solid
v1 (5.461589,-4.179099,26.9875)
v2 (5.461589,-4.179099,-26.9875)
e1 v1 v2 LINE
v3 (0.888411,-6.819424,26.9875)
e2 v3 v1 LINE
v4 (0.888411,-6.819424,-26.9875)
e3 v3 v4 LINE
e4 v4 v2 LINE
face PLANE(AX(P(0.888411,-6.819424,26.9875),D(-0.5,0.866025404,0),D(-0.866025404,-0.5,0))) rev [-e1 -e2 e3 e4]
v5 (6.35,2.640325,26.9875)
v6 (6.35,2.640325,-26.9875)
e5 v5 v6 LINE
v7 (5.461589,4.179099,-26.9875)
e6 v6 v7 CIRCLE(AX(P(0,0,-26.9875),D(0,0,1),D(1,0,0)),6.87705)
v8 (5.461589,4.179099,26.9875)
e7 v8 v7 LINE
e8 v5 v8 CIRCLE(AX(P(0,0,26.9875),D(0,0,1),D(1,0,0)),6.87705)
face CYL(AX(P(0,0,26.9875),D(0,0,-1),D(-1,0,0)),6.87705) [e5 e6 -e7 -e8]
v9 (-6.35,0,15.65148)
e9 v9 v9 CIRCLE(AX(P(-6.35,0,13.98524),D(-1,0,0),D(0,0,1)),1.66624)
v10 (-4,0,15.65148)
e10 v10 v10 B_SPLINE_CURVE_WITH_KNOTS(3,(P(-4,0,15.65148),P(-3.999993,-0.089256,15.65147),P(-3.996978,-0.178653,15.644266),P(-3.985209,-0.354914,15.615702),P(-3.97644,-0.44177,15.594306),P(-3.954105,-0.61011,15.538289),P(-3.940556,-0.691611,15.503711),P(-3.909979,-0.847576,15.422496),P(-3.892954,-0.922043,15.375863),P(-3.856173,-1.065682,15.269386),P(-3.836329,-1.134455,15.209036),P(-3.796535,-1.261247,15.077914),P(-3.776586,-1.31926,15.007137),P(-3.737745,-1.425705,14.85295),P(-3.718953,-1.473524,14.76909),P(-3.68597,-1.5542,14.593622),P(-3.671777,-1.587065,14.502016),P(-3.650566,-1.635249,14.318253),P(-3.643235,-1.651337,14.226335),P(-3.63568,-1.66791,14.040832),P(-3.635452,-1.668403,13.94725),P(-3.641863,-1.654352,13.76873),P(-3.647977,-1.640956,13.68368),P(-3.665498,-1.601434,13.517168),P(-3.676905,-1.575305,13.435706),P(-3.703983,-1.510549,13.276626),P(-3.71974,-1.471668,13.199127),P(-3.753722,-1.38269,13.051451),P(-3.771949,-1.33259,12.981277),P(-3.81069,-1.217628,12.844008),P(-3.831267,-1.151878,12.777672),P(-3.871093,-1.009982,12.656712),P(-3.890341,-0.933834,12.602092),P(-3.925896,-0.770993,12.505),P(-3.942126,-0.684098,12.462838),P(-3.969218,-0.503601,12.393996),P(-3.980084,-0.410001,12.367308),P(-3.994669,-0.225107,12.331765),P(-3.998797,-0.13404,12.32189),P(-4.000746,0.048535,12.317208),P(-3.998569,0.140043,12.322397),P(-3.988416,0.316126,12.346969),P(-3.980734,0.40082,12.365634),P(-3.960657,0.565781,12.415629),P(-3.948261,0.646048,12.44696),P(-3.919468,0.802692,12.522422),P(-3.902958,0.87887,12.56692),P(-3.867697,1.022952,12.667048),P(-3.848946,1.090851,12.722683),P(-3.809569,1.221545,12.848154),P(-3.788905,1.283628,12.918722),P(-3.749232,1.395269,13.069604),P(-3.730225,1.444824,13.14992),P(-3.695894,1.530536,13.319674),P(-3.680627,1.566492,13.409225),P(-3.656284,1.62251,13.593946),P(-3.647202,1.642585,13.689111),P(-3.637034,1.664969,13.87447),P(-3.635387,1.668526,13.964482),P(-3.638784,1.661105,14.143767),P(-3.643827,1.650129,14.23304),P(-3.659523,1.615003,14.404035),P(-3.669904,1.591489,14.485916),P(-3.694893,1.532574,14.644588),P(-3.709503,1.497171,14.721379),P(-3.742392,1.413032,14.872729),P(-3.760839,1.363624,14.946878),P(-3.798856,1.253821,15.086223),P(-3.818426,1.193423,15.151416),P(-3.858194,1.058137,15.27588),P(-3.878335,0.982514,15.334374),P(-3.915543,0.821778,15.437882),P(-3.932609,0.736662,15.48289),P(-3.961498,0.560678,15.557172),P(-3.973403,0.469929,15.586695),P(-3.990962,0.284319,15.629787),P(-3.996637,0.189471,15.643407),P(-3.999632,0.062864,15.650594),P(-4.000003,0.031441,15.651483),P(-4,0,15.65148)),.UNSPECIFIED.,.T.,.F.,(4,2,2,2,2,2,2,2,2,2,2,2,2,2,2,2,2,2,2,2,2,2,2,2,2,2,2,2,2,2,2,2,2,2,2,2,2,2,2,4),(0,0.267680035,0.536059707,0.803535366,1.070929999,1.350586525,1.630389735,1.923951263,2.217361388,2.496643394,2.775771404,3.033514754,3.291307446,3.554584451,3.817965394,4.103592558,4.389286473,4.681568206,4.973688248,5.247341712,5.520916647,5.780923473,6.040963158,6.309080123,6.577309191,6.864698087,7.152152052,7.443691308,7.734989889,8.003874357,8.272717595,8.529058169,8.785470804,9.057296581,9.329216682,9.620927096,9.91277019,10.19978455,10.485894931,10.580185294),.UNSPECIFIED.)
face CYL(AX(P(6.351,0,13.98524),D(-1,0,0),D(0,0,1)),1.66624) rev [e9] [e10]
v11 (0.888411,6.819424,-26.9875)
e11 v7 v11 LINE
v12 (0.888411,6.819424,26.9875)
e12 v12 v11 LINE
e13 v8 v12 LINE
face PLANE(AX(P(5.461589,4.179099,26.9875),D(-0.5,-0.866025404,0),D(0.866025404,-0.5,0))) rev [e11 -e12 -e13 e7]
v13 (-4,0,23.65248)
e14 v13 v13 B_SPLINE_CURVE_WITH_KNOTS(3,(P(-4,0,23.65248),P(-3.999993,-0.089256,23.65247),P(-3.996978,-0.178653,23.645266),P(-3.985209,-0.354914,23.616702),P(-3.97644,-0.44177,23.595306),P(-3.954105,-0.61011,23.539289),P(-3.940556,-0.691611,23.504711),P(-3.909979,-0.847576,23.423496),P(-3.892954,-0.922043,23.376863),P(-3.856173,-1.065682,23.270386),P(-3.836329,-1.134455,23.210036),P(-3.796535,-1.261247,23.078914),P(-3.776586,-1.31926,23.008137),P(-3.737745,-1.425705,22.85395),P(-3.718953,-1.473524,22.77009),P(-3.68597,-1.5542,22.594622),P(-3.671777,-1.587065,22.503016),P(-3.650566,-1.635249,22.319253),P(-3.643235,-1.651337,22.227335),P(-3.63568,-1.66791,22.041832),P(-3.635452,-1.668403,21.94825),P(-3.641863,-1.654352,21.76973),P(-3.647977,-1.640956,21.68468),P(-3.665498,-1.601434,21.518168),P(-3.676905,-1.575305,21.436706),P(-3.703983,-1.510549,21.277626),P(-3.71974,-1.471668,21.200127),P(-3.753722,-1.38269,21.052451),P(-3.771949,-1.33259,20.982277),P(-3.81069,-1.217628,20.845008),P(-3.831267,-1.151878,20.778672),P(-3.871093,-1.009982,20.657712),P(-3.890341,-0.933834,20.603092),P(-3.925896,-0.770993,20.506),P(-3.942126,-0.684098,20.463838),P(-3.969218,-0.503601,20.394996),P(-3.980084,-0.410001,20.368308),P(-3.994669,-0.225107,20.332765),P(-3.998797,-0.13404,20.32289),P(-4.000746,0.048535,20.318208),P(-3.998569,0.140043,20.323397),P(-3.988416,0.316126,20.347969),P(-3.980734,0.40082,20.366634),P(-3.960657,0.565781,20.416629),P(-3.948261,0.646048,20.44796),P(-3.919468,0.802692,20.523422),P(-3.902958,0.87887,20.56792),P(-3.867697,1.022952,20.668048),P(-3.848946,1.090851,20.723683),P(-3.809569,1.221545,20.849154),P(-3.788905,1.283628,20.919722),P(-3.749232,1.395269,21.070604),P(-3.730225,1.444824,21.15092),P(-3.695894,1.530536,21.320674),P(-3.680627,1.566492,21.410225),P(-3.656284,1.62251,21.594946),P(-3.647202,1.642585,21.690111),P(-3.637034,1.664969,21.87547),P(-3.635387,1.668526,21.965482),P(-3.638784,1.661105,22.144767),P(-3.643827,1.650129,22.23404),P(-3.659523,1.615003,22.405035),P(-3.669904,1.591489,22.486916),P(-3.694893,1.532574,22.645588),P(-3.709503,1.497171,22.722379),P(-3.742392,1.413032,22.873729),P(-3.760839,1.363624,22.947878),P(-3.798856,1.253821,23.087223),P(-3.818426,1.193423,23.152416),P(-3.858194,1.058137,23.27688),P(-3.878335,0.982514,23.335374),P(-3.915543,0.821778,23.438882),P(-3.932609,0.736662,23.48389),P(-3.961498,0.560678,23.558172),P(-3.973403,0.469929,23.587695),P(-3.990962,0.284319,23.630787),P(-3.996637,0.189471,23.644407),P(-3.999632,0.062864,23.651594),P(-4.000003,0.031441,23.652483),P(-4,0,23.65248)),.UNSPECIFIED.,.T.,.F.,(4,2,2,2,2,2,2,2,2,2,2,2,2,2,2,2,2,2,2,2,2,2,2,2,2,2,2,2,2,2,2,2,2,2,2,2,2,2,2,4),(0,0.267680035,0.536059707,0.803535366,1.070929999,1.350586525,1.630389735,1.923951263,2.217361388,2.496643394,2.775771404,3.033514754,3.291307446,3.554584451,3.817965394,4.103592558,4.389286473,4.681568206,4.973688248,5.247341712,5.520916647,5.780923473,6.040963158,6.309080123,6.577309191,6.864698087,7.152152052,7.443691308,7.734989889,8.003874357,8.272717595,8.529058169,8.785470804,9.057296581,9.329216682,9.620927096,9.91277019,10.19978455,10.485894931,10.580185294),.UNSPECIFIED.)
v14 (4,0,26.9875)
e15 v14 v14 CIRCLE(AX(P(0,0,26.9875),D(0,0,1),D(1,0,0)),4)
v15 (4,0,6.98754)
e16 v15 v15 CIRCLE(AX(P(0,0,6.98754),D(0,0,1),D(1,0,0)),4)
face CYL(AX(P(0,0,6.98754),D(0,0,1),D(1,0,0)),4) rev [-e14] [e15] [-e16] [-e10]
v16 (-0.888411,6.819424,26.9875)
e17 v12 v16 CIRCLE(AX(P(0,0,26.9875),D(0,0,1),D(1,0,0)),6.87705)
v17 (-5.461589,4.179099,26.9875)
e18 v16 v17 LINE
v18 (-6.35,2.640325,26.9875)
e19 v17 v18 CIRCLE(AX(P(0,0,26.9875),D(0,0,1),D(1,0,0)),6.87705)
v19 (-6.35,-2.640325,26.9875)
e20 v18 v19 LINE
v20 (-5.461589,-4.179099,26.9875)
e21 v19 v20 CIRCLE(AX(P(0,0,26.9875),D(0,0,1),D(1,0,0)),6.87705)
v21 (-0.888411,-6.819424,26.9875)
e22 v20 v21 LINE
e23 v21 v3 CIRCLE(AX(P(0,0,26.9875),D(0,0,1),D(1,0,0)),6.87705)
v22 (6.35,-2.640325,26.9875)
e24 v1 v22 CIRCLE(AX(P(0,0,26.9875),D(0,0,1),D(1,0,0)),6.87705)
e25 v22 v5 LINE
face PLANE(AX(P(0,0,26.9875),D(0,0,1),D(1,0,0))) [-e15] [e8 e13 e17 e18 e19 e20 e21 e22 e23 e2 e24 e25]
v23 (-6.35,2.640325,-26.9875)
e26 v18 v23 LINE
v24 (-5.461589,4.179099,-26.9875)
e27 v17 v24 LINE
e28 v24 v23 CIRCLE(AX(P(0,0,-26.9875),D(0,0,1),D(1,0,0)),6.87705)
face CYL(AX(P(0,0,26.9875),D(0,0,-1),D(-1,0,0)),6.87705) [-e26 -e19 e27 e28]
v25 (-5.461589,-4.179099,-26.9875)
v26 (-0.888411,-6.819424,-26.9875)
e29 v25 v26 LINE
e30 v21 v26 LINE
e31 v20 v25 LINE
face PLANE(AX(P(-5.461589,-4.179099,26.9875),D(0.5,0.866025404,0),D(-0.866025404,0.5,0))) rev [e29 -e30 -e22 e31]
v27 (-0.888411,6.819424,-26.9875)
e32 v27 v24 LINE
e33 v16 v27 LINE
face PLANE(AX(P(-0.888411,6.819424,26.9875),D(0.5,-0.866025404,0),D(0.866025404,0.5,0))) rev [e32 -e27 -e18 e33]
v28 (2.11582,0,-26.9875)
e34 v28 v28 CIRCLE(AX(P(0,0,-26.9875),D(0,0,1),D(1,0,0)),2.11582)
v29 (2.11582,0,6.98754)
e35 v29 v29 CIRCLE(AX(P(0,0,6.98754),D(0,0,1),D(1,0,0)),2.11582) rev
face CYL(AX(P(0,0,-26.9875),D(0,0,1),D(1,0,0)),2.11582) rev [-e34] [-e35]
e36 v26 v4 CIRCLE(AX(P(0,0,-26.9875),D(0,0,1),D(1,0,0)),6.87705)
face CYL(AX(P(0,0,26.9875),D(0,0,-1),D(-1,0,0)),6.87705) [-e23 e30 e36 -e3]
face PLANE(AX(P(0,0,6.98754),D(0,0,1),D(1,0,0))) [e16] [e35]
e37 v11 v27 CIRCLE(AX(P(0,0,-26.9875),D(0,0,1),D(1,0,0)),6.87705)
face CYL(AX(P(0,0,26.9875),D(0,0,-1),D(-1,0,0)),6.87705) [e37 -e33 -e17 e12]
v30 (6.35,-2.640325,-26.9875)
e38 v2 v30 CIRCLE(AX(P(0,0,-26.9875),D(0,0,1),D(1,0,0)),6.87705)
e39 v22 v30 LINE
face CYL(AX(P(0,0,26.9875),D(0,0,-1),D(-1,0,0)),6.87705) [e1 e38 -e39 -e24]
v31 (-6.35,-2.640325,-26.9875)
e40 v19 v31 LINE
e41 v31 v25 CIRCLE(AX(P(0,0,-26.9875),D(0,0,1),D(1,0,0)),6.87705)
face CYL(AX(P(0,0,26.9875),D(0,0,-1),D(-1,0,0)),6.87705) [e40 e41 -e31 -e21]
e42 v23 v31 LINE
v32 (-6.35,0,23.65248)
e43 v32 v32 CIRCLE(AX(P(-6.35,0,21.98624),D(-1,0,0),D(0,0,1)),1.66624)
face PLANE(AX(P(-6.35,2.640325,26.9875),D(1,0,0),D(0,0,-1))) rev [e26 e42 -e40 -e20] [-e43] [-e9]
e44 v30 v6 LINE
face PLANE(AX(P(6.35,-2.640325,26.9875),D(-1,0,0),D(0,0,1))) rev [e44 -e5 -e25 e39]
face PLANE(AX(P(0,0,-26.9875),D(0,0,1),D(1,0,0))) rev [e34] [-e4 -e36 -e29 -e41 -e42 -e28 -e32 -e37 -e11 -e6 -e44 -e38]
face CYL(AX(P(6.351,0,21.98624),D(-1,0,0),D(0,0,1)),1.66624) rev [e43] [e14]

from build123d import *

# Parameters (mm, degrees)
SKETCH1_R               = 6.35
BASIC_ROD_DEPTH         = 26.9875
BASIC_ROD_DEPTH_BACK    = 26.9875
THEX_DEPTH              = 26.9875
SKETCH2_R               = 2.11582
INTERNAL_CUT_DEPTH      = 27.9875
INTERNAL_CUT_DEPTH_BACK = 27.9875
SKETCH9_R               = 4
CUT_EXTRUDE1_DEPTH      = 19.99996
CUT_EXTRUDE2_REACH      = 14.7
SKETCH10_R              = 1.66624


with BuildPart() as part:
    # Sketch1 → Basic Rod (new body, two sides)
    with BuildSketch(Plane.XY) as basic_rod_sk:
        Circle(SKETCH1_R)
    extrude(amount=BASIC_ROD_DEPTH)
    extrude(basic_rod_sk.sketch, amount=-BASIC_ROD_DEPTH_BACK)

    # Sketch8 → THex (add, symmetric)
    with BuildSketch(Plane.XY):
        with BuildLine():
            Line((-0.888411378, 6.819423871), (-5.461588622, 4.179098758))
            ThreePointArc((-5.461588622, 4.179098758), (-5.955700003, 3.438525), (-6.35, 2.640325113))
            Line((-6.35, 2.640325113), (-6.35, -2.640325113))
            ThreePointArc((-6.35, -2.640325113), (-5.955700003, -3.438525), (-5.461588622, -4.179098758))
            Line((-5.461588622, -4.179098758), (-0.888411378, -6.819423871))
            ThreePointArc((-0.888411378, -6.819423871), (0, -6.87705), (0.888411378, -6.819423871))
            Line((0.888411378, -6.819423871), (5.461588622, -4.179098758))
            ThreePointArc((5.461588622, -4.179098758), (5.955700003, -3.438525), (6.35, -2.640325113))
            Line((6.35, -2.640325113), (6.35, 2.640325113))
            ThreePointArc((6.35, 2.640325113), (5.955700003, 3.438525), (5.461588622, 4.179098758))
            Line((5.461588622, 4.179098758), (0.888411378, 6.819423871))
            ThreePointArc((0.888411378, 6.819423871), (0, 6.87705), (-0.888411378, 6.819423871))
        make_face()
    extrude(amount=THEX_DEPTH, both=True)

    # Sketch2 → Internal Cut (cut, two sides)
    with BuildSketch(Plane.XY) as internal_cut_sk:
        Circle(SKETCH2_R)
    extrude(amount=INTERNAL_CUT_DEPTH, mode=Mode.SUBTRACT)
    extrude(internal_cut_sk.sketch, amount=-INTERNAL_CUT_DEPTH_BACK, mode=Mode.SUBTRACT)

    # Sketch9 → Cut-Extrude1 (cut)
    with BuildSketch(Plane.XY.offset(26.9875)):
        Circle(SKETCH9_R)
    extrude(amount=-CUT_EXTRUDE1_DEPTH, mode=Mode.SUBTRACT)

    # Sketch10 → Cut-Extrude2 (cut, up to next)
    with BuildSketch(Plane.ZY.offset(6.35), mode=Mode.PRIVATE) as cut_extrude2_sk1:
        with Locations((13.98524, 0)):
            Circle(SKETCH10_R)
    cut_extrude2_tool1 = extrude(cut_extrude2_sk1.sketch, amount=-CUT_EXTRUDE2_REACH, mode=Mode.PRIVATE) & part.part
    add(cut_extrude2_tool1.solids().sort_by_distance((-6.35, 0, 13.98524))[0], mode=Mode.SUBTRACT)
    # Sketch10 → Cut-Extrude2 (cut, up to next)
    with BuildSketch(Plane.ZY.offset(6.35), mode=Mode.PRIVATE) as cut_extrude2_sk2:
        with Locations((21.98624, 0)):
            Circle(SKETCH10_R)
    cut_extrude2_tool2 = extrude(cut_extrude2_sk2.sketch, amount=-CUT_EXTRUDE2_REACH, mode=Mode.PRIVATE) & part.part
    add(cut_extrude2_tool2.solids().sort_by_distance((-6.35, 0, 21.98624))[0], mode=Mode.SUBTRACT)


solid = part.part
